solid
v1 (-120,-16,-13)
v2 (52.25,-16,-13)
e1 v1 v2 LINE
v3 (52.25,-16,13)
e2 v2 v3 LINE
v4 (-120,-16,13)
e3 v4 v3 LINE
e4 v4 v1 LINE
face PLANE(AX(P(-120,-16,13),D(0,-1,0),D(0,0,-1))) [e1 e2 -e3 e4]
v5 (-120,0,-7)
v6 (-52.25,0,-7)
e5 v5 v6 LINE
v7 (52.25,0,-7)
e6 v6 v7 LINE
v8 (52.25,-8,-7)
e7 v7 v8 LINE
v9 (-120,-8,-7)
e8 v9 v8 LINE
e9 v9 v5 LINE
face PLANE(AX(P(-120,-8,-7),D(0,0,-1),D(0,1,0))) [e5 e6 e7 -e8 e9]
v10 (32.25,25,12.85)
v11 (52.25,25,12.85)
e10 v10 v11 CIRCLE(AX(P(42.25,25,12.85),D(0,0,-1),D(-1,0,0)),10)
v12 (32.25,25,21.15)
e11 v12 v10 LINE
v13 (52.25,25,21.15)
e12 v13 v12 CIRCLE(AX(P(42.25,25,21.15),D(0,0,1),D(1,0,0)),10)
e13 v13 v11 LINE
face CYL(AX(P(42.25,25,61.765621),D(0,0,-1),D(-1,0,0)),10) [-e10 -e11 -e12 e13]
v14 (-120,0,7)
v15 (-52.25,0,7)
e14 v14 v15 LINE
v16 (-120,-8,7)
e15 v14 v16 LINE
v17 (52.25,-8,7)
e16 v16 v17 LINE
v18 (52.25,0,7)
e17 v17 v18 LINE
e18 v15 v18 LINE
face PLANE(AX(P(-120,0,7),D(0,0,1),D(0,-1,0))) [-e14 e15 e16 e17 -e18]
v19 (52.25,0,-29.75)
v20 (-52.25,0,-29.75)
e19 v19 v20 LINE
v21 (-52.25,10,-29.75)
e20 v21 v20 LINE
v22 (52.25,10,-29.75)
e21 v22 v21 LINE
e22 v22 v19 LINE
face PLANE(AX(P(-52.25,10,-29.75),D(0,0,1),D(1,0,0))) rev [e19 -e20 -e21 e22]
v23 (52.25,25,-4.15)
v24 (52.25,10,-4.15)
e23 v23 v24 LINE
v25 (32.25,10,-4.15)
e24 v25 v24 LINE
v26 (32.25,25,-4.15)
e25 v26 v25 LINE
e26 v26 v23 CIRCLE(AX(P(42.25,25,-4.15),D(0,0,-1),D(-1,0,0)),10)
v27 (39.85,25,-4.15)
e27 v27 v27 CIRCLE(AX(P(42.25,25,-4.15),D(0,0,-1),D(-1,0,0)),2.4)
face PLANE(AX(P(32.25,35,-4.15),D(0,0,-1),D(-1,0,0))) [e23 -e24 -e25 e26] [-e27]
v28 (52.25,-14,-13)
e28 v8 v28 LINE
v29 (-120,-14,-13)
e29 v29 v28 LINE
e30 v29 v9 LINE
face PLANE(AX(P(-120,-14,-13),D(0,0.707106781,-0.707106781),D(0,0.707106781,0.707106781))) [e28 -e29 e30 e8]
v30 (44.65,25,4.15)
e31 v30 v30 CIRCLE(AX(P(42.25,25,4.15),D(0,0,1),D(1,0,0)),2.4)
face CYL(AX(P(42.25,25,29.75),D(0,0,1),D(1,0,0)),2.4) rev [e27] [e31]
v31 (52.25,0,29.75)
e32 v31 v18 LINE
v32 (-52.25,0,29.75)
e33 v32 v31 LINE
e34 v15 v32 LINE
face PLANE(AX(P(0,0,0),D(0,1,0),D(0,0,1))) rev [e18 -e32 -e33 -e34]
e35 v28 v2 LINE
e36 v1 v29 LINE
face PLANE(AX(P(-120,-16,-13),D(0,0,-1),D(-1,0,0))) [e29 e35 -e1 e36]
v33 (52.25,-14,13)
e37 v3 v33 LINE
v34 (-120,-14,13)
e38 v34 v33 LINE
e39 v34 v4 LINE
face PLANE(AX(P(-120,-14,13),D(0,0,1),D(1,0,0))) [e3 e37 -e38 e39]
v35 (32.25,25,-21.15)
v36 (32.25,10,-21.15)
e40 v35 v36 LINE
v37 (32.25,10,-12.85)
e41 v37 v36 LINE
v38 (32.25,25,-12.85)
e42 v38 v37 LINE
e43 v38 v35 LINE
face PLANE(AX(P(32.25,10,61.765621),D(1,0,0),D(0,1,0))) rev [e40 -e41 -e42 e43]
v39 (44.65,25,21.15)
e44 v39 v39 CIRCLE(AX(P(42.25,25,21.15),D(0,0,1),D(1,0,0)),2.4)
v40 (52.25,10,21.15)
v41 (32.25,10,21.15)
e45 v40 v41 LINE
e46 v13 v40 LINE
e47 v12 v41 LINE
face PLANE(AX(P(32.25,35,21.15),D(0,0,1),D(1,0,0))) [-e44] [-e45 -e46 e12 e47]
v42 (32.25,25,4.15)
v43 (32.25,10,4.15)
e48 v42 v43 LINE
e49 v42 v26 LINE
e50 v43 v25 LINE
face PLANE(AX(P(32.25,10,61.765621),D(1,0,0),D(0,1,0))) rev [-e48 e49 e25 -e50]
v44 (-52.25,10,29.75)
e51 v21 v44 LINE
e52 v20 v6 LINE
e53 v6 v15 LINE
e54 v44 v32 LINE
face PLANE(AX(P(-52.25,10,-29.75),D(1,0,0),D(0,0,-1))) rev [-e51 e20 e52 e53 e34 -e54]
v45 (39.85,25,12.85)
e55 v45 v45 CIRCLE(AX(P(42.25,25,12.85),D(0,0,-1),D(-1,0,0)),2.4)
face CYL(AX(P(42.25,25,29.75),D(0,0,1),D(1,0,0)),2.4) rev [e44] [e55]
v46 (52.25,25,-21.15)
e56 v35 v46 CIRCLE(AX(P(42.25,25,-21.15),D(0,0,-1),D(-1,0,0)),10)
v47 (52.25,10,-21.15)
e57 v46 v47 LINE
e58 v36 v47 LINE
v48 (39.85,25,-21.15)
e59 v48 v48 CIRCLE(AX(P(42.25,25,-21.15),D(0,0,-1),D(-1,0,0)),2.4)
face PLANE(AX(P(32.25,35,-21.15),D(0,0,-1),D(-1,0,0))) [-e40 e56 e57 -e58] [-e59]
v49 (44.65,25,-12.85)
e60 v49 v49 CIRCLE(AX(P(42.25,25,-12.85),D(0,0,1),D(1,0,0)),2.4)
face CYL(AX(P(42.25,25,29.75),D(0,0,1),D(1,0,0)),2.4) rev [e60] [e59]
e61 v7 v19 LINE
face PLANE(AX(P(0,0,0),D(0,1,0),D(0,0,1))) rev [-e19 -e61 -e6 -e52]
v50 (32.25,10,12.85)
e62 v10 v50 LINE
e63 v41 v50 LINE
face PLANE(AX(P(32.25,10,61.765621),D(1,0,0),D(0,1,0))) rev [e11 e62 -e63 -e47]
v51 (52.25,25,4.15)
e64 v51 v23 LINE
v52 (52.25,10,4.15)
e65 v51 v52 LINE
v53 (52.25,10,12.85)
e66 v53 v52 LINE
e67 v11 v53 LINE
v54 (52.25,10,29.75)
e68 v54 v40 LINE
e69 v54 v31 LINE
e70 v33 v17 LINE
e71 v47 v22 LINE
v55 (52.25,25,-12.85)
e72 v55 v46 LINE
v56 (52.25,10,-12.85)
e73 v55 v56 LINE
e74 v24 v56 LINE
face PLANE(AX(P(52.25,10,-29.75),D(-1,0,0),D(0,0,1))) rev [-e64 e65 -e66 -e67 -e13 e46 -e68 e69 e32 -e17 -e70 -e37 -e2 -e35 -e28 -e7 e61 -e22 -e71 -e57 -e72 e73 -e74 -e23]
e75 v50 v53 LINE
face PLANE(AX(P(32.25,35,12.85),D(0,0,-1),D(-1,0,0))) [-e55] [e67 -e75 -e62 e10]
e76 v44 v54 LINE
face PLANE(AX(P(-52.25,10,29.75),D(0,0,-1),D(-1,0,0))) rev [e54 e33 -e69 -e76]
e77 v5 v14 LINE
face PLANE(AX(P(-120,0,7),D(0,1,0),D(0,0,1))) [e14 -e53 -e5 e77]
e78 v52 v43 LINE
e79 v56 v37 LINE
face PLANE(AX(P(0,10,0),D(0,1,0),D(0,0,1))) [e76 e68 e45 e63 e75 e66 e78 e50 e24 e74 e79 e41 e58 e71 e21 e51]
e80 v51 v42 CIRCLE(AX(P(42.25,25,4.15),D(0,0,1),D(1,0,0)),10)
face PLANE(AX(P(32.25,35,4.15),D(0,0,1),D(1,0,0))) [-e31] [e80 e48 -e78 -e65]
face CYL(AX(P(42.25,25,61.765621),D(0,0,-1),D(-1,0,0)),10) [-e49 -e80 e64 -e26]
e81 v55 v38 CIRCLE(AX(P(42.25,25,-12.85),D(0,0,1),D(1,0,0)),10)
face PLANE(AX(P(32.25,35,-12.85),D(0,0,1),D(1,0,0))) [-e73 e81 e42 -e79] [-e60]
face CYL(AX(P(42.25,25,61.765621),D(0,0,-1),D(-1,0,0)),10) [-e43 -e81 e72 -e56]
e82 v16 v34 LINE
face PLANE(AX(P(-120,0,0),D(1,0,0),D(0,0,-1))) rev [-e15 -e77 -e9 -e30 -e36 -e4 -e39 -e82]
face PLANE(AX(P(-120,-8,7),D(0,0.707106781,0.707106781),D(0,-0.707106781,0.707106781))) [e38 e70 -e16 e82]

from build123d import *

# Parameters (mm, degrees)
SKETCH1_W                       = 104.5
SKETCH1_H                       = 59.5
BOSS_EXTRUDE1_DEPTH             = 10
BOSS_EXTRUDE2_REACH             = 62.952
BOSS_EXTRUDE2_DIRECTION_2_REACH = 62.952
SKETCH4_W                       = 20
SKETCH4_H                       = 8.6
SKETCH4_H_2                     = 8.7
CUT_EXTRUDE1_DEPTH              = 66.116242213
M4_CLEARANCE_HOLE1_D            = 4.8
BOSS_EXTRUDE3_REACH             = 71.571
BOSS_EXTRUDE3_DIRECTION_2_DEPTH = 120


with BuildPart() as part:
    # Sketch1 → Boss-Extrude1 (new body)
    with BuildSketch(Plane(origin=(0, 0, 0), x_dir=(1, 0, 0), z_dir=(0, 1, 0))):
        Rectangle(SKETCH1_W, SKETCH1_H)
    extrude(amount=BOSS_EXTRUDE1_DEPTH)

    # Boss-Extrude2: up to this face of the body (flat: up to its plane)
    boss_extrude2_end = Plane(part.part.faces().sort_by_distance((0, 5, 29.75))[0])
    # Sketch3 → Boss-Extrude2 (add, up to the picked face)
    with BuildSketch(Plane.XY, mode=Mode.PRIVATE) as boss_extrude2_sk1:
        with BuildLine():
            Line((52.25, 10), (52.25, 25))
            ThreePointArc((52.25, 25), (42.25, 35), (32.25, 25))
            Line((32.25, 25), (32.25, 10))
            Line((32.25, 10), (52.25, 10))
        make_face()
    boss_extrude2_tool1 = split(extrude(boss_extrude2_sk1.sketch, amount=BOSS_EXTRUDE2_REACH, mode=Mode.PRIVATE), bisect_by=boss_extrude2_end, keep=Keep.BOTH, mode=Mode.PRIVATE)
    add(boss_extrude2_tool1.solids().sort_by(Axis((42.25, 21.535979, 0), (0, 0, 1)))[0])

    # Boss-Extrude2 direction 2: up to this face of the body (flat: up to its plane)
    boss_extrude2_direction_2_end = Plane(part.part.faces().sort_by_distance((0, 5, -29.75))[0])
    # Sketch3 → Boss-Extrude2 direction 2 (add, up to the picked face)
    with BuildSketch(Plane.XY, mode=Mode.PRIVATE) as boss_extrude2_direction_2_sk1:
        with BuildLine():
            Line((52.25, 10), (52.25, 25))
            ThreePointArc((52.25, 25), (42.25, 35), (32.25, 25))
            Line((32.25, 25), (32.25, 10))
            Line((32.25, 10), (52.25, 10))
        make_face()
    boss_extrude2_direction_2_tool1 = split(extrude(boss_extrude2_direction_2_sk1.sketch, amount=-BOSS_EXTRUDE2_DIRECTION_2_REACH, mode=Mode.PRIVATE), bisect_by=boss_extrude2_direction_2_end, keep=Keep.BOTH, mode=Mode.PRIVATE)
    add(boss_extrude2_direction_2_tool1.solids().sort_by(Axis((42.25, 21.535979, 0), (0, 0, -1)))[0])

    # Sketch4 → Cut-Extrude1 (cut, through all)
    with BuildSketch(Plane(origin=(0, 10, 0), x_dir=(1, 0, 0), z_dir=(0, 1, 0))):
        with Locations((42.25, 25.45)):
            Rectangle(SKETCH4_W, SKETCH4_H)
        with Locations((42.25, 8.5)):
            Rectangle(SKETCH4_W, SKETCH4_H_2)
        with Locations((42.25, -8.5)):
            Rectangle(SKETCH4_W, SKETCH4_H_2)
        with Locations((42.25, -25.45)):
            Rectangle(SKETCH4_W, SKETCH4_H)
    extrude(amount=CUT_EXTRUDE1_DEPTH, mode=Mode.SUBTRACT)

    # M4 Clearance Hole1 (through all)
    with Locations(Plane.XY.offset(29.75)):
        with Locations((42.25, 25)):
            Hole(M4_CLEARANCE_HOLE1_D / 2)

    # Boss-Extrude3: up to this face of the body (flat: up to its plane)
    boss_extrude3_end = Plane(part.part.faces().sort_by_distance((52.25, 9.820598864, 0))[0])
    # Sketch8 → Boss-Extrude3 (add, up to the picked face)
    with BuildSketch(Plane(origin=(0, 0, 0), x_dir=(0, 0, -1), z_dir=(1, 0, 0)), mode=Mode.PRIVATE) as boss_extrude3_sk1:
        Polygon((-7, 0), (-7, -8), (-13, -14), (-13, -16), (13, -16), (13, -14), (7, -8), (7, 0), align=None)
    boss_extrude3_tool1 = split(extrude(boss_extrude3_sk1.sketch, amount=BOSS_EXTRUDE3_REACH, mode=Mode.PRIVATE), bisect_by=boss_extrude3_end, keep=Keep.BOTH, mode=Mode.PRIVATE)
    add(boss_extrude3_tool1.solids().sort_by(Axis((0, -9.098592, 0), (1, 0, 0)))[0])

    # Sketch8 → Boss-Extrude3 direction 2 (add)
    with BuildSketch(Plane(origin=(0, 0, 0), x_dir=(0, 0, -1), z_dir=(1, 0, 0))):
        Polygon((-7, 0), (-7, -8), (-13, -14), (-13, -16), (13, -16), (13, -14), (7, -8), (7, 0), align=None)
    extrude(amount=-BOSS_EXTRUDE3_DIRECTION_2_DEPTH)


solid = part.part
